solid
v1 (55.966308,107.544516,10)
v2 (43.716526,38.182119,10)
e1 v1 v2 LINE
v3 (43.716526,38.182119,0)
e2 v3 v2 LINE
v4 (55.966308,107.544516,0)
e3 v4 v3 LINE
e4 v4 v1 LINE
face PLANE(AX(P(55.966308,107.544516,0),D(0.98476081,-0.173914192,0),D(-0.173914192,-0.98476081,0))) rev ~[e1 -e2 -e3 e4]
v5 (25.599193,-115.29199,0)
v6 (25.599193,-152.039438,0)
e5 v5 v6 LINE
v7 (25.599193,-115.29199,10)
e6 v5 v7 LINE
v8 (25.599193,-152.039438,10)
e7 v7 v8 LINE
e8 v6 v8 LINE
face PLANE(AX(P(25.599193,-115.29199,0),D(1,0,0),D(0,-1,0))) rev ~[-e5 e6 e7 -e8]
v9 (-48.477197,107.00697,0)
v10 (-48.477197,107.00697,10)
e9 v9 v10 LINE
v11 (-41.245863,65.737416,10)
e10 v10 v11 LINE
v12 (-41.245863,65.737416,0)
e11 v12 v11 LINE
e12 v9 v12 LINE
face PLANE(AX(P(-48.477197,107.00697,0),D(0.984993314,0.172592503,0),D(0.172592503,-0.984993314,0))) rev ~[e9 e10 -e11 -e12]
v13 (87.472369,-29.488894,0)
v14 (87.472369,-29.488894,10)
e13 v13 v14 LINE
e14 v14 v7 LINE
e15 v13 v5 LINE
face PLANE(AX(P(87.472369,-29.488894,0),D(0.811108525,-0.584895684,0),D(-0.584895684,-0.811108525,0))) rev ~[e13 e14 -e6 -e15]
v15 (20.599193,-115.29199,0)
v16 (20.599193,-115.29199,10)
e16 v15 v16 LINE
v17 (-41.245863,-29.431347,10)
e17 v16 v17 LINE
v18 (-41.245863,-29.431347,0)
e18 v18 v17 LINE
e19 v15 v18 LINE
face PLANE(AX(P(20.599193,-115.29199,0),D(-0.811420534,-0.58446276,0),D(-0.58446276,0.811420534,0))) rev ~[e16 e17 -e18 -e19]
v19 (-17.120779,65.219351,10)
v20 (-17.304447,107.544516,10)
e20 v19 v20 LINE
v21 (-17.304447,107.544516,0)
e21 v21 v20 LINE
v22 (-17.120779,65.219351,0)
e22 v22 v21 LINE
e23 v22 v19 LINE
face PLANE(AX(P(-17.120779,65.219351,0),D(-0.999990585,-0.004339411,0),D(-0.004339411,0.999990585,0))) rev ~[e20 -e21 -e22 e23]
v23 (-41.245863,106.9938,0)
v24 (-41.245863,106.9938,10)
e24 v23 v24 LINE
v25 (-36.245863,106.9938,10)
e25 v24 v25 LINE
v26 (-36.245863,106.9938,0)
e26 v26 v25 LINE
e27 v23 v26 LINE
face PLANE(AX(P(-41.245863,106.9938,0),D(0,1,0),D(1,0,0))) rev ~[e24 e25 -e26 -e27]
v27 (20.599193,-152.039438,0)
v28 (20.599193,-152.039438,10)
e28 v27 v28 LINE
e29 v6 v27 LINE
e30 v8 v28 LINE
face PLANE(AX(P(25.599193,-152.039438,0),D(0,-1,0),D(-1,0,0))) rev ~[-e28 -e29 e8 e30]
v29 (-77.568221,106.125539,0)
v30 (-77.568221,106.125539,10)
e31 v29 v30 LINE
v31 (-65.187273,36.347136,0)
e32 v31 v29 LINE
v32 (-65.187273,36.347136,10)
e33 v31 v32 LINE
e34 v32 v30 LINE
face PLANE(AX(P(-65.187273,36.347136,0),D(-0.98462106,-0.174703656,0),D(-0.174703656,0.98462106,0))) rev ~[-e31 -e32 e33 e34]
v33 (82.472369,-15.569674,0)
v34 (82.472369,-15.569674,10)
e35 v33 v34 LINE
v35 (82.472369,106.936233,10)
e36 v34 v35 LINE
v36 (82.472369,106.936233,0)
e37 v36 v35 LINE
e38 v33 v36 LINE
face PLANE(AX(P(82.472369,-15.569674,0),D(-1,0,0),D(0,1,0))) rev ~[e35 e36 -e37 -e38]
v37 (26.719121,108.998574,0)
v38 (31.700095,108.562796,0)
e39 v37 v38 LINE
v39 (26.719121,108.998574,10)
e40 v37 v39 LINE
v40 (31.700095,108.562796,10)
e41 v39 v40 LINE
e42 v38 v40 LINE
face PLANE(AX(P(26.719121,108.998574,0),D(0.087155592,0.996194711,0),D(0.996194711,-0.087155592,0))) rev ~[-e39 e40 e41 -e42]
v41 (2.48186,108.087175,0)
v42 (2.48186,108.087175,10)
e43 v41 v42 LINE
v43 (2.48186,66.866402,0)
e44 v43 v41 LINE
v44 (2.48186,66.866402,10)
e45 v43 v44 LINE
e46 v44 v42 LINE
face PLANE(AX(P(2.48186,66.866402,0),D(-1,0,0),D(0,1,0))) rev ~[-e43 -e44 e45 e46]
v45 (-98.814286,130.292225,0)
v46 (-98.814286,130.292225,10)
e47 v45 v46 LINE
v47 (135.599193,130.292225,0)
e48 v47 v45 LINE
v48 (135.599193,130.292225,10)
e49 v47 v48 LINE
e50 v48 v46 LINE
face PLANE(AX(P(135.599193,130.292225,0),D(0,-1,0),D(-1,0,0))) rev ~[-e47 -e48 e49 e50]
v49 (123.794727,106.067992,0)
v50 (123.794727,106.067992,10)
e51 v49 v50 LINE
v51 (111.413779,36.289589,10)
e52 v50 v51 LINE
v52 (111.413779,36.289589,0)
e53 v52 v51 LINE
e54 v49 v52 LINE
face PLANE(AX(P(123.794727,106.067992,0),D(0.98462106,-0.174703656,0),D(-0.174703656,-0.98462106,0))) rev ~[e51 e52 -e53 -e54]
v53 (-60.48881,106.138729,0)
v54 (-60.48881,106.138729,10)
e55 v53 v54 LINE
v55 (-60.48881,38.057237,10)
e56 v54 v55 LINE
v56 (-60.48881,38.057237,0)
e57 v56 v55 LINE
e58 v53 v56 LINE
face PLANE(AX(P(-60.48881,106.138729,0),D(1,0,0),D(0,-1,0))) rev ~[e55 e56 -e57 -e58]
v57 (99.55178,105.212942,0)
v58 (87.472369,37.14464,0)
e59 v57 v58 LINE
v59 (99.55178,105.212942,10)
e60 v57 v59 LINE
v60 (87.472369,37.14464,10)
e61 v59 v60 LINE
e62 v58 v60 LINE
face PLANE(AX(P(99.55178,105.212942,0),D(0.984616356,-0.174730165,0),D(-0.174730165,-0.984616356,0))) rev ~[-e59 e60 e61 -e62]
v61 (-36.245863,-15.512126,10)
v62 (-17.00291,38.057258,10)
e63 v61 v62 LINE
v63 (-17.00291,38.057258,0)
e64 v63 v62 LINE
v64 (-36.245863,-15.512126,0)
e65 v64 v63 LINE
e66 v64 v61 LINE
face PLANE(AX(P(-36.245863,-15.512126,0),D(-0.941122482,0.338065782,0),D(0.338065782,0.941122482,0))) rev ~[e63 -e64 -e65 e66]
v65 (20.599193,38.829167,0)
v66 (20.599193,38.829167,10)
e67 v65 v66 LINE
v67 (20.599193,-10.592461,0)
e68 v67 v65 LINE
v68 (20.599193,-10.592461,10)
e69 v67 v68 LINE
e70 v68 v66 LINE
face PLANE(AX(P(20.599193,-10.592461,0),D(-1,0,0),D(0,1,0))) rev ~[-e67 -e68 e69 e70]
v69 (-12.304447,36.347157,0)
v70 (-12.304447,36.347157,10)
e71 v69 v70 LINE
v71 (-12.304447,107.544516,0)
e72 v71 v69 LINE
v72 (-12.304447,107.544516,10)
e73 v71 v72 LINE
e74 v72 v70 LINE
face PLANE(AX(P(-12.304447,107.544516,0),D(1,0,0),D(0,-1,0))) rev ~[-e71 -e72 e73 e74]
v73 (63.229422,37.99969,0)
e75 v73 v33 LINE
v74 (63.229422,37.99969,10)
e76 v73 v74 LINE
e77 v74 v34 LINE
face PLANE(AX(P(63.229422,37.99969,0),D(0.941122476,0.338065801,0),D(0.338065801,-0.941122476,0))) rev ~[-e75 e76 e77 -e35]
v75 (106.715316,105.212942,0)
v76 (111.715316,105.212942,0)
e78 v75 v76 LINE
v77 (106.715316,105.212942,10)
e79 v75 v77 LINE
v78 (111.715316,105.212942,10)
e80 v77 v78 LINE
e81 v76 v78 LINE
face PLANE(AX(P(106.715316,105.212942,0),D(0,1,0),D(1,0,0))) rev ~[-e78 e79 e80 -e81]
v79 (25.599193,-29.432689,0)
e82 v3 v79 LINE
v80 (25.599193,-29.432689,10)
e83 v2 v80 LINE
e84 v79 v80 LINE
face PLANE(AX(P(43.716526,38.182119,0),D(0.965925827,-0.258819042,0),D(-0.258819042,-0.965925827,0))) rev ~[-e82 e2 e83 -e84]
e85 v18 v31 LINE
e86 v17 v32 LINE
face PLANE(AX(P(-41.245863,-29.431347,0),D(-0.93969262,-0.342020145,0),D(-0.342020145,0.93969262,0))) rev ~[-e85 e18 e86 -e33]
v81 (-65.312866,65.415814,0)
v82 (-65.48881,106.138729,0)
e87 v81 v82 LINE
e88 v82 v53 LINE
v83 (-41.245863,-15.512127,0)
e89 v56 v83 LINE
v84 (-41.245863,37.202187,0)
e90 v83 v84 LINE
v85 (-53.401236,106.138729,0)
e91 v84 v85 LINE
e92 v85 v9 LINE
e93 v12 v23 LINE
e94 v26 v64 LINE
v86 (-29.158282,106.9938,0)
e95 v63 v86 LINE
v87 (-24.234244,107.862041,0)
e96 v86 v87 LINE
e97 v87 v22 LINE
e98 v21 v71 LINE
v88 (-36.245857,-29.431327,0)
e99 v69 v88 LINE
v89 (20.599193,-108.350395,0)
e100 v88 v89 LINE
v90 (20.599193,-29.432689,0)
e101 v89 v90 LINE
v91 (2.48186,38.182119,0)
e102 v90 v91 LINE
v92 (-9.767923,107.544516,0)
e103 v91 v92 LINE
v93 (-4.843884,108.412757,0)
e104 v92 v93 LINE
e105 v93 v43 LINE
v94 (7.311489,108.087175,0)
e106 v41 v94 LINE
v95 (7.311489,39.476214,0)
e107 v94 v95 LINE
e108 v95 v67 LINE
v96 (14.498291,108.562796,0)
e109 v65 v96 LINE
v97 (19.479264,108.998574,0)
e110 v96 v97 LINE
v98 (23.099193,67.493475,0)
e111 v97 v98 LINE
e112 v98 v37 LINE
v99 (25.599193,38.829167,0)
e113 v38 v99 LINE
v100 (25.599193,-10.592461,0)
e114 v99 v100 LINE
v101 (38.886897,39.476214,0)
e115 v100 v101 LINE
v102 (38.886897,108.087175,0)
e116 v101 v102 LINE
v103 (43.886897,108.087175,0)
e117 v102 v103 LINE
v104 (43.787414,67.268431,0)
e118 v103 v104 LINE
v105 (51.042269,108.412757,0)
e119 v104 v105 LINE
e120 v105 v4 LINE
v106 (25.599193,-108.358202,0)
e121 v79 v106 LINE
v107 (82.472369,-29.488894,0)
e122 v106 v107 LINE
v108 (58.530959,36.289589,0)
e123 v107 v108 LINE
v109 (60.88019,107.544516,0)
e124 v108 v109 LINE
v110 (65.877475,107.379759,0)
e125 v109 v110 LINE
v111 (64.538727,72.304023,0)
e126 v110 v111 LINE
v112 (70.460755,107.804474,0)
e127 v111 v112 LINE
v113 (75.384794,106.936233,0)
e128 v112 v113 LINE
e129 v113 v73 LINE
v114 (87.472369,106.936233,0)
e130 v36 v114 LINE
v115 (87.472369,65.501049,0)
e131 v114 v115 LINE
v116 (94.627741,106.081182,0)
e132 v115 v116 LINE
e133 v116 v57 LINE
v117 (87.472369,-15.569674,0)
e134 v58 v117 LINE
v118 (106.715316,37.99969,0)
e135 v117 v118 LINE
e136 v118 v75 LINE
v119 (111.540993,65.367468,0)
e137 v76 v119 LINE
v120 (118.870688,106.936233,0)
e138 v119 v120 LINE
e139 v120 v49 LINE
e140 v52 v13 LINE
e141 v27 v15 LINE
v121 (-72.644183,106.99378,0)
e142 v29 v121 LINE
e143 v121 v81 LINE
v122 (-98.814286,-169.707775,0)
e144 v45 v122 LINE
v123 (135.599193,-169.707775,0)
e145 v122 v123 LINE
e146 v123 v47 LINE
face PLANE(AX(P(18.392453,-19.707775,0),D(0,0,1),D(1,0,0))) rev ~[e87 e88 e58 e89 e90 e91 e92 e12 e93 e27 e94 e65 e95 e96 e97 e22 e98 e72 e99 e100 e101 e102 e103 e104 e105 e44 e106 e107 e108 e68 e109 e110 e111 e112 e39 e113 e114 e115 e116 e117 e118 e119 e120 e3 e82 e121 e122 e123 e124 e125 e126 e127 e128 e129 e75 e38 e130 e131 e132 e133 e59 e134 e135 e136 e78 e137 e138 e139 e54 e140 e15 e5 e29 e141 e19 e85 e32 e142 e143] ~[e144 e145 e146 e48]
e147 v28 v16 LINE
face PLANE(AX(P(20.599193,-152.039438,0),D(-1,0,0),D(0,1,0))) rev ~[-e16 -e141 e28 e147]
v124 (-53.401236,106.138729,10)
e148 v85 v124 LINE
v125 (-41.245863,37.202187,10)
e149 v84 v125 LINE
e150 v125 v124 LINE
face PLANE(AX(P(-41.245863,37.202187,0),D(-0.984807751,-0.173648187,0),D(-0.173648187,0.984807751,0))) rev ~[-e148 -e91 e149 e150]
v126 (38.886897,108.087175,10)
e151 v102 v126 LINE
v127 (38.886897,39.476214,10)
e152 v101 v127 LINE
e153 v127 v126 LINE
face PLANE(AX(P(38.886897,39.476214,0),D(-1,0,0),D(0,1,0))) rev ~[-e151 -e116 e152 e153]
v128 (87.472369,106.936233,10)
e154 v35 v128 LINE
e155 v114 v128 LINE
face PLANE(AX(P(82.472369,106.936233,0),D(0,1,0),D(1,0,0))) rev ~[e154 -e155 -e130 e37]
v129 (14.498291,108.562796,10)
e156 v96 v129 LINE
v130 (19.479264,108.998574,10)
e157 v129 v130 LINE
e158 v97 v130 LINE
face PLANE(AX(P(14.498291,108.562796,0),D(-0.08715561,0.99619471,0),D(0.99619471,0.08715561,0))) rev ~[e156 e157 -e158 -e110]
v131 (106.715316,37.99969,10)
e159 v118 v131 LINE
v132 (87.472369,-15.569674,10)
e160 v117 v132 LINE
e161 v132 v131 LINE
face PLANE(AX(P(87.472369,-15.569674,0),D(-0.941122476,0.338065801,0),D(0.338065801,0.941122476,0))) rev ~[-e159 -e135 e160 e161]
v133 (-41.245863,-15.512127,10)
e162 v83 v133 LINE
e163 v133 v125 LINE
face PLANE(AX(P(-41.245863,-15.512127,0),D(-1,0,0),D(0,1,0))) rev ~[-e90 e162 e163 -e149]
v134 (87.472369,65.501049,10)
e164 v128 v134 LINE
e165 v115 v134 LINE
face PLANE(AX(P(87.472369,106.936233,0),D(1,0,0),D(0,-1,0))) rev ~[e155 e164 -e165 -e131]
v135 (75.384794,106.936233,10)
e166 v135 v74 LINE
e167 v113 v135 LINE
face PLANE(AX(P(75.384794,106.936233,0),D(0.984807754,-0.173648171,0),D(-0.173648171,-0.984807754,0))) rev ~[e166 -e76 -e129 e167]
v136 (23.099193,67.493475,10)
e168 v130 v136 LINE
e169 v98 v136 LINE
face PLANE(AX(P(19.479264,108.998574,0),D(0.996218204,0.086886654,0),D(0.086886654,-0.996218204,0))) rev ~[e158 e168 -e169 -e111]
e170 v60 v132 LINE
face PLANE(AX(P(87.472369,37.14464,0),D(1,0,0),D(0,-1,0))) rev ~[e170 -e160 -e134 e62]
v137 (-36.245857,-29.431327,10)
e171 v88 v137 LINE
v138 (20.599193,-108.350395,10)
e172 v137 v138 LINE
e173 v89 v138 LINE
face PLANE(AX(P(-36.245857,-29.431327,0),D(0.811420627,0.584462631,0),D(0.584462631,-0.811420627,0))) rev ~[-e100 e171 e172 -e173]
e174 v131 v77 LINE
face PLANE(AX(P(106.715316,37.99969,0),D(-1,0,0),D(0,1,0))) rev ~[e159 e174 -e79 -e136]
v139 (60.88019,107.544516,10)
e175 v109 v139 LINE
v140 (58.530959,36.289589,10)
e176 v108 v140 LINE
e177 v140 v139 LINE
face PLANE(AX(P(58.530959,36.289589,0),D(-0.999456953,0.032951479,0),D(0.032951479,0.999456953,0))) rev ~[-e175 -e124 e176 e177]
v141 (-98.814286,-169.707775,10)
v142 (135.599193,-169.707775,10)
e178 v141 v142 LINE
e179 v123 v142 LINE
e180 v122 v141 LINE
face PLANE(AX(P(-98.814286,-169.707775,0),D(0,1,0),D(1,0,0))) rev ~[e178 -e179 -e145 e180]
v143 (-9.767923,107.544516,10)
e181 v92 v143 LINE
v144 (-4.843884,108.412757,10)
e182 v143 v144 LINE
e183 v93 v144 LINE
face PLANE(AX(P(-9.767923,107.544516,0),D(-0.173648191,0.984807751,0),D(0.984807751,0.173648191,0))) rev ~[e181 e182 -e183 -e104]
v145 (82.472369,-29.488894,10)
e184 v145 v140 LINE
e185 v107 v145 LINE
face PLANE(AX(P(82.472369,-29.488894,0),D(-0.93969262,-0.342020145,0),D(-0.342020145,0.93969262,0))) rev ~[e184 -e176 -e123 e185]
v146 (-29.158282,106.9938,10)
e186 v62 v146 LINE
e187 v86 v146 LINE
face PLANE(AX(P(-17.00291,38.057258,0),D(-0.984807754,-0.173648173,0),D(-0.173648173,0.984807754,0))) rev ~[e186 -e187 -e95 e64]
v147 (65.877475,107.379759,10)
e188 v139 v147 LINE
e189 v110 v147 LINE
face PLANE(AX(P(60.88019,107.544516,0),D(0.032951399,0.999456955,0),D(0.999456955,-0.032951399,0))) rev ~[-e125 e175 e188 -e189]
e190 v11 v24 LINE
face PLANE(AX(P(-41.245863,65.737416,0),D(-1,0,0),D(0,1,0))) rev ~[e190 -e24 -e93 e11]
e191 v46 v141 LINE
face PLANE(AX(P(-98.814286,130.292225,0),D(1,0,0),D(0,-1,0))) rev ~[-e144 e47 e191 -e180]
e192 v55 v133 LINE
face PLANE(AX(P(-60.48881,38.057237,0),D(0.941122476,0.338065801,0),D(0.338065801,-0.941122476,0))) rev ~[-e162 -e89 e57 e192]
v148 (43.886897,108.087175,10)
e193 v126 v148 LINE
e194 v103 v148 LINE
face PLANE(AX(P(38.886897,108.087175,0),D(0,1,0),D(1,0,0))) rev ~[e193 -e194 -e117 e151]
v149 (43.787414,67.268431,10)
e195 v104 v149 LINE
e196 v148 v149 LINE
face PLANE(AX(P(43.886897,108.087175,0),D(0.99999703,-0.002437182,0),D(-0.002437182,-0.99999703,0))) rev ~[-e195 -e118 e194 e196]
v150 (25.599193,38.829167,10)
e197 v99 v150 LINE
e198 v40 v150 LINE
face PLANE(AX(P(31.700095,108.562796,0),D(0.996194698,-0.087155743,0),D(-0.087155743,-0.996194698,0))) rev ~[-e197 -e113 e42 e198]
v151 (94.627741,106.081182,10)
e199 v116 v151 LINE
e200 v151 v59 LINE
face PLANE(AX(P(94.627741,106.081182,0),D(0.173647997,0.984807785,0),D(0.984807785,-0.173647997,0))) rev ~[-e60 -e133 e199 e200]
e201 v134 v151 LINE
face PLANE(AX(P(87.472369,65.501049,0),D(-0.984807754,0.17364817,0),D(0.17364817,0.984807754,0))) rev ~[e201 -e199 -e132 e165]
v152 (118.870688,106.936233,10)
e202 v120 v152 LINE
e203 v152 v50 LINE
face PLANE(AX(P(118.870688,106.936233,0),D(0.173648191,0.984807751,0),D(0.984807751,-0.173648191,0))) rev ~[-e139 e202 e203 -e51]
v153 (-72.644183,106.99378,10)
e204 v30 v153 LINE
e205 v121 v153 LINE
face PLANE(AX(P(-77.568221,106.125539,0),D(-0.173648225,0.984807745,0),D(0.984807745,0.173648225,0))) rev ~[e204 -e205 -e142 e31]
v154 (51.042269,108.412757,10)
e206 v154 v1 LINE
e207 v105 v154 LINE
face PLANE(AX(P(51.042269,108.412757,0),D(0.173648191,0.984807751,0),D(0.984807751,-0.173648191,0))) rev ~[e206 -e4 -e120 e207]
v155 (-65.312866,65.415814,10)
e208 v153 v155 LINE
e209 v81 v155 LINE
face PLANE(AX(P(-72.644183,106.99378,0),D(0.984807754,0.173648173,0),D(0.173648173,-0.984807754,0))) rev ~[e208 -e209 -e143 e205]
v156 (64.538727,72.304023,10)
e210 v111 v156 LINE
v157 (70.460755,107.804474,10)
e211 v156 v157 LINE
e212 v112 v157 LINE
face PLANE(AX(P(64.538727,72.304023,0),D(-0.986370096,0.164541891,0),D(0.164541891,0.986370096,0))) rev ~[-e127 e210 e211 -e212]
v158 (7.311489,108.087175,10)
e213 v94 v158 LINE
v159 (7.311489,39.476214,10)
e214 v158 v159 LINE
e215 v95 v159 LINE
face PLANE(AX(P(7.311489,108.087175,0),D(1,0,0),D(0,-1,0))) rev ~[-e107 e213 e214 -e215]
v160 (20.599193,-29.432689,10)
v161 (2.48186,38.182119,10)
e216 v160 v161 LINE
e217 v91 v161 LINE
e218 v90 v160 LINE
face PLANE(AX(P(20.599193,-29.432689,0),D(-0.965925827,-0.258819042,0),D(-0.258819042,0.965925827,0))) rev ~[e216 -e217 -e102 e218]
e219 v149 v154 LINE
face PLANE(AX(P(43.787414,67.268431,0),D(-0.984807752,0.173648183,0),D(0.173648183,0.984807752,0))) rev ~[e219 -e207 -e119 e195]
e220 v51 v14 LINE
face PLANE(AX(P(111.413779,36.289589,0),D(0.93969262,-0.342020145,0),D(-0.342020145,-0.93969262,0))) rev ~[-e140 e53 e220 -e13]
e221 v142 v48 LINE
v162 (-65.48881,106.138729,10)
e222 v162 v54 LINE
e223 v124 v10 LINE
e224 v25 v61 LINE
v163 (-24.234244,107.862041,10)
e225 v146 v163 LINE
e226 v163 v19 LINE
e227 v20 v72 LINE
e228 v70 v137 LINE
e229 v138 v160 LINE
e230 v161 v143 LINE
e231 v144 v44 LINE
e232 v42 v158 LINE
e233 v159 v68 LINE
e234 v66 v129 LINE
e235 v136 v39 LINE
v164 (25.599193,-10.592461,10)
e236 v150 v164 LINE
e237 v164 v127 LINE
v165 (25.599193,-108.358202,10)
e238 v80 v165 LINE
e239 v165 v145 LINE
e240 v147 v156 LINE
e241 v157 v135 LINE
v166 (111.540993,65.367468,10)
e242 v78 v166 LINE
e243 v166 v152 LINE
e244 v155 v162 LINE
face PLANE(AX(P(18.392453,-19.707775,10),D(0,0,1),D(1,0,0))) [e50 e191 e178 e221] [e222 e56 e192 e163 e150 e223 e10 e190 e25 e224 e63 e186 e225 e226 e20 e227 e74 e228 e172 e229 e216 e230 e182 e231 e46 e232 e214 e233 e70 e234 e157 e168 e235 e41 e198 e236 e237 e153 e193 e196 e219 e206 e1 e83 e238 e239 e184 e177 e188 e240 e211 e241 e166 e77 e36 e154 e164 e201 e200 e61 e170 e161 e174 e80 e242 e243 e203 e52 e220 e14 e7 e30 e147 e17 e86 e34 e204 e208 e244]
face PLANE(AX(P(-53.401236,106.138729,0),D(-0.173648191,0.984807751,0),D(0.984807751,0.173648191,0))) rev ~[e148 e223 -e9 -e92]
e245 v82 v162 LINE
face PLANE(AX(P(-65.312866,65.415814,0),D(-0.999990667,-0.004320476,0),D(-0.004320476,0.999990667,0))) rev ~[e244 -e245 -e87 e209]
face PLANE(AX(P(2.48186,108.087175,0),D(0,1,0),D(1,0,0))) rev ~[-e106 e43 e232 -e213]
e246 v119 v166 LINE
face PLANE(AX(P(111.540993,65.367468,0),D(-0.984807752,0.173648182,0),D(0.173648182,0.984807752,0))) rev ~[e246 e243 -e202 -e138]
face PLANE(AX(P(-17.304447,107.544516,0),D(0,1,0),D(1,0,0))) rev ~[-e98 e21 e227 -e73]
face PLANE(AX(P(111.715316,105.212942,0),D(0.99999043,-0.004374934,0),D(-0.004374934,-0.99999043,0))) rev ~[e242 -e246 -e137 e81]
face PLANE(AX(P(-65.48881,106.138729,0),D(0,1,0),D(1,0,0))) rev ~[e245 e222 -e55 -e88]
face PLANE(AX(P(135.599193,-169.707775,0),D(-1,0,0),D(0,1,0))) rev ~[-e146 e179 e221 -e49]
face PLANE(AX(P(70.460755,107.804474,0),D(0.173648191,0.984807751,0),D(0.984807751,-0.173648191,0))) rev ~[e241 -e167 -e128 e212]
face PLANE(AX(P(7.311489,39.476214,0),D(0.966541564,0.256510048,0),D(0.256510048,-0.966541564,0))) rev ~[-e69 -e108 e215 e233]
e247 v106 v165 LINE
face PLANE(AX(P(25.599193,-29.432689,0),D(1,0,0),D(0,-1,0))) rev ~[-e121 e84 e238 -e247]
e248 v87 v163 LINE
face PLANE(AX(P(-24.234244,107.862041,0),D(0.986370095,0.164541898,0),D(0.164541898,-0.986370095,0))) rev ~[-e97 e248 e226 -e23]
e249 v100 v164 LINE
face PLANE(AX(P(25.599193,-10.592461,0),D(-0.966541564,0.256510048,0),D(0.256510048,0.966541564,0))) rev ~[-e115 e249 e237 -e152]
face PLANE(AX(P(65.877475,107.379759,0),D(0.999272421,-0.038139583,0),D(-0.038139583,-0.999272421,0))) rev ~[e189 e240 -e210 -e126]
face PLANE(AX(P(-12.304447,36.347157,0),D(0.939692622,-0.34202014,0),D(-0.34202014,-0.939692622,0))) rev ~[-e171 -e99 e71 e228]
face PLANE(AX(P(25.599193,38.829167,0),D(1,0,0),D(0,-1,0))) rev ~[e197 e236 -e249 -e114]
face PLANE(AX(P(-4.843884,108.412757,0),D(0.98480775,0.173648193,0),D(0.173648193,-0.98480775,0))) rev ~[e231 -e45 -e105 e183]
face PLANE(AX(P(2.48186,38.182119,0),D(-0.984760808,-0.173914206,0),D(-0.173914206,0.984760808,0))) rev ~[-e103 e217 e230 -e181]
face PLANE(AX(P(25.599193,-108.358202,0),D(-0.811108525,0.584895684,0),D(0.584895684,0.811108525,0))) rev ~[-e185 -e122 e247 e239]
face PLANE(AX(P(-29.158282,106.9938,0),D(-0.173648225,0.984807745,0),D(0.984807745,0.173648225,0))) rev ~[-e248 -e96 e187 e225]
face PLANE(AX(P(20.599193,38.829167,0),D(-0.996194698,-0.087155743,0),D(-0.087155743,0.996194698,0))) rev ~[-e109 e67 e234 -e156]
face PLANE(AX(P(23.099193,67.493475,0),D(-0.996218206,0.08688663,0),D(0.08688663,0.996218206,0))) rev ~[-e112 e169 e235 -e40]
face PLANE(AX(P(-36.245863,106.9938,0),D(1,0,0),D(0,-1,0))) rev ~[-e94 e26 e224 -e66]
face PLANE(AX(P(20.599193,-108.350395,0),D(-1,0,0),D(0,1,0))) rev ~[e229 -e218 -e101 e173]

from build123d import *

# Parameters (mm, degrees)
F1_DEPTH = 10


with BuildPart() as f1:
    # F0 (on Top) → F1 (new body)
    with BuildSketch(Plane.XY):
        Polygon((135.599193, -169.707775), (135.599193, 130.292225), (23.099193, 130.292225), (-98.814286, 130.292225), (-98.814286, -169.707775), align=None)
        Polygon((20.599193, -108.350395), (20.599193, -29.432689), (2.48186, 38.182119), (-9.767923, 107.544516), (-4.843884, 108.412757), (2.48186, 66.866402), (2.48186, 108.087175), (7.311489, 108.087175), (7.311489, 39.476214), (20.599193, -10.592461), (20.599193, 38.829167), (14.498291, 108.562796), (19.479264, 108.998574), (23.099193, 67.493475), (26.719121, 108.998574), (31.700095, 108.562796), (25.599193, 38.829167), (25.599193, -10.592461), (38.886897, 39.476214), (38.886897, 108.087175), (43.886897, 108.087175), (43.787414, 67.268431), (51.042269, 108.412757), (55.966308, 107.544516), (43.716526, 38.182119), (25.599193, -29.432689), (25.599193, -108.358202), (82.472369, -29.488894), (58.530959, 36.289589), (60.88019, 107.544516), (65.877475, 107.379759), (64.538727, 72.304023), (70.460755, 107.804474), (75.384794, 106.936233), (63.229422, 37.99969), (82.472369, -15.569674), (82.472369, 37.14464), (82.472369, 106.936233), (87.472369, 106.936233), (87.472369, 65.501049), (94.627741, 106.081182), (99.55178, 105.212942), (87.472369, 37.14464), (87.472369, -15.569674), (106.715316, 37.99969), (106.715316, 105.212942), (111.715316, 105.212942), (111.540993, 65.367468), (118.870688, 106.936233), (123.794727, 106.067992), (111.413779, 36.289589), (87.472369, -29.488894), (25.599193, -115.29199), (25.599193, -152.039438), (20.599193, -152.039438), (20.599193, -115.29199), (-41.245863, -29.431347), (-65.187273, 36.347136), (-77.568221, 106.125539), (-72.644183, 106.99378), (-65.312866, 65.415814), (-65.48881, 106.138729), (-60.48881, 106.138729), (-60.48881, 38.057237), (-41.245863, -15.512127), (-41.245863, 37.202187), (-53.401236, 106.138729), (-48.477197, 107.00697), (-41.245863, 65.737416), (-41.245863, 106.9938), (-36.245863, 106.9938), (-36.245863, 37.202187), (-36.245863, -15.512126), (-17.00291, 38.057258), (-29.158282, 106.9938), (-24.234244, 107.862041), (-17.120779, 65.219351), (-17.304447, 107.544516), (-12.304447, 107.544516), (-12.304447, 36.347157), (-36.245857, -29.431327), align=None, mode=Mode.SUBTRACT)
    extrude(amount=F1_DEPTH)


solid = f1.part
